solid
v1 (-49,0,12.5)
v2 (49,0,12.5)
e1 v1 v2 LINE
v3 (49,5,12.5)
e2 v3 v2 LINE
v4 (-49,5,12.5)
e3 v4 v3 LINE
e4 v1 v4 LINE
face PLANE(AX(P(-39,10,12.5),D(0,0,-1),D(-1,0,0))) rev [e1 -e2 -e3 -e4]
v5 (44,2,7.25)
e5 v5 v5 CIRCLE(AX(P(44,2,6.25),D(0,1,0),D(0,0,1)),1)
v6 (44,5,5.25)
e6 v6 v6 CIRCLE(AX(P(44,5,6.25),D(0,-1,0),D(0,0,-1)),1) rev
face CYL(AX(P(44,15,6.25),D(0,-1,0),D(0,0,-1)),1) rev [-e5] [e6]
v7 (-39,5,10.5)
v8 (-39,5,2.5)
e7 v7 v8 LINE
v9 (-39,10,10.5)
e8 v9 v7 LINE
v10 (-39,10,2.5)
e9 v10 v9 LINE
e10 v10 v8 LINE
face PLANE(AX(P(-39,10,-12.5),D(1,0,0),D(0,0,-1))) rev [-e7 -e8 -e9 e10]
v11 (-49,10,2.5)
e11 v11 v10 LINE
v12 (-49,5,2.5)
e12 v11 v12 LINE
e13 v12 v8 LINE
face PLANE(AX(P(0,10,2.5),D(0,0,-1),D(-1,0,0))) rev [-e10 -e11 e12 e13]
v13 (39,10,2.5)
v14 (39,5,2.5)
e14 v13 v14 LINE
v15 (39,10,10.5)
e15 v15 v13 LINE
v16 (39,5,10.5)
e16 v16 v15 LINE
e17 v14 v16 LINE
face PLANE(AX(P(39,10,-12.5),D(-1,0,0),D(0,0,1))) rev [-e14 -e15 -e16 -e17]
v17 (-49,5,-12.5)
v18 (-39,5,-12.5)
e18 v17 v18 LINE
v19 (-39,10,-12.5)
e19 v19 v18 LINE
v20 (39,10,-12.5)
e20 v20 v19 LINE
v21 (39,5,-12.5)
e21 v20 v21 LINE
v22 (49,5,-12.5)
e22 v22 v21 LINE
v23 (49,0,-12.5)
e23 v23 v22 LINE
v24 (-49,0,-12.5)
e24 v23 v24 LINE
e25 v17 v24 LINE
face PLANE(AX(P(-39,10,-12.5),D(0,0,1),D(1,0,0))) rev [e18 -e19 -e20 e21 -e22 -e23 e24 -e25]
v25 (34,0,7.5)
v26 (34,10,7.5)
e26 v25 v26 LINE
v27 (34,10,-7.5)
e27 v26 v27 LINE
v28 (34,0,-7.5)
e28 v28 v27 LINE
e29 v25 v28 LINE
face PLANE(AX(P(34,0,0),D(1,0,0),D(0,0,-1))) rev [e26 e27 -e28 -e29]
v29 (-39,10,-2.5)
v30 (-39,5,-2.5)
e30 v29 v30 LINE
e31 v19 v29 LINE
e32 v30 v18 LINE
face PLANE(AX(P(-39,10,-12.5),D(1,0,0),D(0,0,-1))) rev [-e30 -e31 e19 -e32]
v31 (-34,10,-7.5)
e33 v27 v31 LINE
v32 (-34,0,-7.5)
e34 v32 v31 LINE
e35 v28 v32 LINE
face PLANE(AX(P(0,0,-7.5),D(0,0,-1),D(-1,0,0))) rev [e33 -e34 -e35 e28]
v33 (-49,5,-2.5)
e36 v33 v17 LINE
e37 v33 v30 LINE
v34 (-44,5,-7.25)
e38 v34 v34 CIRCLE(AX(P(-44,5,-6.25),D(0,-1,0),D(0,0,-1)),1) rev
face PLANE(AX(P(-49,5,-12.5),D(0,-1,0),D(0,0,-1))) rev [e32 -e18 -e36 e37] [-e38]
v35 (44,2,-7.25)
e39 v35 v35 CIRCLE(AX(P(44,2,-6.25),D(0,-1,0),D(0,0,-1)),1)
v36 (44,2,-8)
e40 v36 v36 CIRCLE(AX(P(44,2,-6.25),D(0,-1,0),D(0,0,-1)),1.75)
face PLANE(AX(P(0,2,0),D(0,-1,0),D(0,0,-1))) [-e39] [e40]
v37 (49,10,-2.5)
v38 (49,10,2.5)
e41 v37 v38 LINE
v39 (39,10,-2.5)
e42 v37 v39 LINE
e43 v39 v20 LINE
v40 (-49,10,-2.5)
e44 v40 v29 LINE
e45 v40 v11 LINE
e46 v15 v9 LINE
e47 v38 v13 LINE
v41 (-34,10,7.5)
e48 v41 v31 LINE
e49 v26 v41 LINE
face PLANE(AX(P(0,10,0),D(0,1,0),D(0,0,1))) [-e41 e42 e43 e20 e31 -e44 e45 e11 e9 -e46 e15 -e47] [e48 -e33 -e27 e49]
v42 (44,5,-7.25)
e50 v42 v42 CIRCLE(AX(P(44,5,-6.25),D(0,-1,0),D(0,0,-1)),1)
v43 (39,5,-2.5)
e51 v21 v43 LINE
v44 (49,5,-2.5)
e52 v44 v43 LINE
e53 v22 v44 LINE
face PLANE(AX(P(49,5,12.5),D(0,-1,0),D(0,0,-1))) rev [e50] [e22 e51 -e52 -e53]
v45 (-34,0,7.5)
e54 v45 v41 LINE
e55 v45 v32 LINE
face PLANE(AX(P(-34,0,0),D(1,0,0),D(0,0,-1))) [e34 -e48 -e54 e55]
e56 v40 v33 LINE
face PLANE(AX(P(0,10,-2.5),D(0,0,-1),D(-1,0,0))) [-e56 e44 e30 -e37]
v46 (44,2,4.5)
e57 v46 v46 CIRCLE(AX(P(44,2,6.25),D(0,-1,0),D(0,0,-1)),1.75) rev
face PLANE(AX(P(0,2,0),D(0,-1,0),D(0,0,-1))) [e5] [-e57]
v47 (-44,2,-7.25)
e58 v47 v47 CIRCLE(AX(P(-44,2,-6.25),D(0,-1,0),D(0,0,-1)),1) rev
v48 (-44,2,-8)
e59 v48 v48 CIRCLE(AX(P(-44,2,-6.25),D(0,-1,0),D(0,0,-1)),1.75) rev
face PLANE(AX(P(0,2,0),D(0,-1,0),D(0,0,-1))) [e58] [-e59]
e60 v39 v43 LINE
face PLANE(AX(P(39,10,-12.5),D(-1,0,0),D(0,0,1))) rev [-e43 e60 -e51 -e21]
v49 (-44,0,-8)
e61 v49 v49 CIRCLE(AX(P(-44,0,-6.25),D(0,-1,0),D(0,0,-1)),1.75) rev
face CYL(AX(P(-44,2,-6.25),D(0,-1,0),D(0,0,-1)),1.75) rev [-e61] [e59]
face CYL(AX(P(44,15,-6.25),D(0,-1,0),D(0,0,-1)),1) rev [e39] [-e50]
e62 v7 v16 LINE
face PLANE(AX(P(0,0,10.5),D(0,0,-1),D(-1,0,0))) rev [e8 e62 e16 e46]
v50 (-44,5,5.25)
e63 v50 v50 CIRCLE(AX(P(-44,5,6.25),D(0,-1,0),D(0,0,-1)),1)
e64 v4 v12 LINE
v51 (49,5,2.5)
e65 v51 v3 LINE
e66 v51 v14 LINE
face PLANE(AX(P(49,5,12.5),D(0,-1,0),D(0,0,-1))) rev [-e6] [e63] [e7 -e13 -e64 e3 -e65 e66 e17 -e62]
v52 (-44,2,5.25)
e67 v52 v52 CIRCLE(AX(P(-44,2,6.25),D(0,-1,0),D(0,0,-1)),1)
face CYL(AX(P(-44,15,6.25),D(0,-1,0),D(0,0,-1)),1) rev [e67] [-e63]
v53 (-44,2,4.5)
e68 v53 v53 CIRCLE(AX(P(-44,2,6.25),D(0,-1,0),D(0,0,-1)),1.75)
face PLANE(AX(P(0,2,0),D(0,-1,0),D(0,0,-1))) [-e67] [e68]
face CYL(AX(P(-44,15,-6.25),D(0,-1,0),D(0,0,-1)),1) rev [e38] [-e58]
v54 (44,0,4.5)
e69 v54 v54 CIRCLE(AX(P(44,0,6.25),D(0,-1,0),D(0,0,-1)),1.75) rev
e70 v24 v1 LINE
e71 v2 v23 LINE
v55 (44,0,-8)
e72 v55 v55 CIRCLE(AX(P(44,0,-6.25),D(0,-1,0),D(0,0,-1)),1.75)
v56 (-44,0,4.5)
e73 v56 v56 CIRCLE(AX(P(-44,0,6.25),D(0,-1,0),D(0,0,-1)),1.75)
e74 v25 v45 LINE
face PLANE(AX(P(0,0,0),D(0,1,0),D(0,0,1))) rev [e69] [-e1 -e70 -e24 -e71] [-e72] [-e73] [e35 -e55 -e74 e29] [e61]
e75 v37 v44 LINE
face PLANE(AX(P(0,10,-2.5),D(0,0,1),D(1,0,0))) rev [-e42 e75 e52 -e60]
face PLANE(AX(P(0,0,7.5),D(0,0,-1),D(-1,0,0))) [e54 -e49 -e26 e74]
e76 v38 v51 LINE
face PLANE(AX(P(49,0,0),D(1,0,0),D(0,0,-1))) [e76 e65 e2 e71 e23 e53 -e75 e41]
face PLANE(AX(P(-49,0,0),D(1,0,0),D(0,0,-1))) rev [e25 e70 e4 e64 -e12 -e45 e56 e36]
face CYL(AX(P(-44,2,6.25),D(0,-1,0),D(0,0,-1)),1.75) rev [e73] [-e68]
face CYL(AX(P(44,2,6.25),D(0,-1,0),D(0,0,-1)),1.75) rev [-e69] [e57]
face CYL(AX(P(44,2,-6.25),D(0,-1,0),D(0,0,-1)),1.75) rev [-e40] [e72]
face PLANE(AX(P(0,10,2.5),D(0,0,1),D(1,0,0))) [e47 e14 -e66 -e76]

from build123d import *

# Parameters (mm, degrees)
SKETCH1_W           = 78
SKETCH1_H           = 25
BOSS_EXTRUDE1_DEPTH = 10
SKETCH2_W           = 68
SKETCH2_H           = 15
CUT_EXTRUDE2_DEPTH  = 10
SKETCH3_W           = 25
SKETCH3_H           = 5
BOSS_EXTRUDE2_DEPTH = 10
SKETCH4_W           = 25
SKETCH4_H           = 5
BOSS_EXTRUDE3_DEPTH = 10
SKETCH6_W           = 10
SKETCH6_H           = 5
BOSS_EXTRUDE4_DEPTH = 5
SKETCH9_R           = 1.75
CUT_EXTRUDE5_DEPTH  = 2
SKETCH10_R          = 1
CUT_EXTRUDE6_DEPTH  = 13
SKETCH11_W          = 78
SKETCH11_H          = 5
CUT_EXTRUDE7_DEPTH  = 2


with BuildPart() as part:
    # Sketch1 → Boss-Extrude1 (new body)
    with BuildSketch(Plane(origin=(0, 0, 0), x_dir=(1, 0, 0), z_dir=(0, 1, 0))):
        Rectangle(SKETCH1_W, SKETCH1_H)
    extrude(amount=BOSS_EXTRUDE1_DEPTH)

    # Sketch2 → Cut-Extrude2 (cut)
    with BuildSketch(Plane(origin=(0, 10, 0), x_dir=(1, 0, 0), z_dir=(0, 1, 0))):
        Rectangle(SKETCH2_W, SKETCH2_H)
    extrude(amount=-CUT_EXTRUDE2_DEPTH, mode=Mode.SUBTRACT)

    # Sketch3 → Boss-Extrude2 (add)
    with BuildSketch(Plane.ZY.offset(39)):
        with Locations((0, 2.5)):
            Rectangle(SKETCH3_W, SKETCH3_H)
    extrude(amount=BOSS_EXTRUDE2_DEPTH)

    # Sketch4 → Boss-Extrude3 (add)
    with BuildSketch(Plane(origin=(39, 0, 0), x_dir=(0, 0, -1), z_dir=(1, 0, 0))):
        with Locations((0, 2.5)):
            Rectangle(SKETCH4_W, SKETCH4_H)
    extrude(amount=BOSS_EXTRUDE3_DEPTH)

    # Sketch6 → Boss-Extrude4 (add)
    with BuildSketch(Plane(origin=(0, 5, 0), x_dir=(1, 0, 0), z_dir=(0, 1, 0))):
        with Locations((44, 0)):
            Rectangle(SKETCH6_W, SKETCH6_H)
        with Locations((-44, 0)):
            Rectangle(SKETCH6_W, SKETCH6_H)
    extrude(amount=BOSS_EXTRUDE4_DEPTH)

    # Sketch9 → Cut-Extrude5 (cut)
    with BuildSketch(Plane.XZ):
        with Locations(Location((-44, 6.25, 0), (0, 0, 270))):
            Circle(SKETCH9_R)
        with Locations(Location((-44, -6.25, 0), (0, 0, 270))):
            Circle(SKETCH9_R)
        with Locations(Location((44, 6.25, 0), (0, 0, 270))):
            Circle(SKETCH9_R)
        with Locations(Location((44, -6.25, 0), (0, 0, 270))):
            Circle(SKETCH9_R)
    extrude(amount=-CUT_EXTRUDE5_DEPTH, mode=Mode.SUBTRACT)

    # Sketch10 → Cut-Extrude6 (cut)
    with BuildSketch(Plane.XZ.offset(-2)):
        with Locations(Location((-44, 6.25, 0), (0, 0, 270))):
            Circle(SKETCH10_R)
        with Locations(Location((-44, -6.25, 0), (0, 0, 270))):
            Circle(SKETCH10_R)
        with Locations(Location((44, 6.25, 0), (0, 0, 270))):
            Circle(SKETCH10_R)
        with Locations(Location((44, -6.25, 0), (0, 0, 270))):
            Circle(SKETCH10_R)
    extrude(amount=-CUT_EXTRUDE6_DEPTH, mode=Mode.SUBTRACT)

    # Sketch11 → Cut-Extrude7 (cut)
    with BuildSketch(Plane.XY.offset(12.5)):
        with Locations((0, 7.5)):
            Rectangle(SKETCH11_W, SKETCH11_H)
    extrude(amount=-CUT_EXTRUDE7_DEPTH, mode=Mode.SUBTRACT)


solid = part.part
